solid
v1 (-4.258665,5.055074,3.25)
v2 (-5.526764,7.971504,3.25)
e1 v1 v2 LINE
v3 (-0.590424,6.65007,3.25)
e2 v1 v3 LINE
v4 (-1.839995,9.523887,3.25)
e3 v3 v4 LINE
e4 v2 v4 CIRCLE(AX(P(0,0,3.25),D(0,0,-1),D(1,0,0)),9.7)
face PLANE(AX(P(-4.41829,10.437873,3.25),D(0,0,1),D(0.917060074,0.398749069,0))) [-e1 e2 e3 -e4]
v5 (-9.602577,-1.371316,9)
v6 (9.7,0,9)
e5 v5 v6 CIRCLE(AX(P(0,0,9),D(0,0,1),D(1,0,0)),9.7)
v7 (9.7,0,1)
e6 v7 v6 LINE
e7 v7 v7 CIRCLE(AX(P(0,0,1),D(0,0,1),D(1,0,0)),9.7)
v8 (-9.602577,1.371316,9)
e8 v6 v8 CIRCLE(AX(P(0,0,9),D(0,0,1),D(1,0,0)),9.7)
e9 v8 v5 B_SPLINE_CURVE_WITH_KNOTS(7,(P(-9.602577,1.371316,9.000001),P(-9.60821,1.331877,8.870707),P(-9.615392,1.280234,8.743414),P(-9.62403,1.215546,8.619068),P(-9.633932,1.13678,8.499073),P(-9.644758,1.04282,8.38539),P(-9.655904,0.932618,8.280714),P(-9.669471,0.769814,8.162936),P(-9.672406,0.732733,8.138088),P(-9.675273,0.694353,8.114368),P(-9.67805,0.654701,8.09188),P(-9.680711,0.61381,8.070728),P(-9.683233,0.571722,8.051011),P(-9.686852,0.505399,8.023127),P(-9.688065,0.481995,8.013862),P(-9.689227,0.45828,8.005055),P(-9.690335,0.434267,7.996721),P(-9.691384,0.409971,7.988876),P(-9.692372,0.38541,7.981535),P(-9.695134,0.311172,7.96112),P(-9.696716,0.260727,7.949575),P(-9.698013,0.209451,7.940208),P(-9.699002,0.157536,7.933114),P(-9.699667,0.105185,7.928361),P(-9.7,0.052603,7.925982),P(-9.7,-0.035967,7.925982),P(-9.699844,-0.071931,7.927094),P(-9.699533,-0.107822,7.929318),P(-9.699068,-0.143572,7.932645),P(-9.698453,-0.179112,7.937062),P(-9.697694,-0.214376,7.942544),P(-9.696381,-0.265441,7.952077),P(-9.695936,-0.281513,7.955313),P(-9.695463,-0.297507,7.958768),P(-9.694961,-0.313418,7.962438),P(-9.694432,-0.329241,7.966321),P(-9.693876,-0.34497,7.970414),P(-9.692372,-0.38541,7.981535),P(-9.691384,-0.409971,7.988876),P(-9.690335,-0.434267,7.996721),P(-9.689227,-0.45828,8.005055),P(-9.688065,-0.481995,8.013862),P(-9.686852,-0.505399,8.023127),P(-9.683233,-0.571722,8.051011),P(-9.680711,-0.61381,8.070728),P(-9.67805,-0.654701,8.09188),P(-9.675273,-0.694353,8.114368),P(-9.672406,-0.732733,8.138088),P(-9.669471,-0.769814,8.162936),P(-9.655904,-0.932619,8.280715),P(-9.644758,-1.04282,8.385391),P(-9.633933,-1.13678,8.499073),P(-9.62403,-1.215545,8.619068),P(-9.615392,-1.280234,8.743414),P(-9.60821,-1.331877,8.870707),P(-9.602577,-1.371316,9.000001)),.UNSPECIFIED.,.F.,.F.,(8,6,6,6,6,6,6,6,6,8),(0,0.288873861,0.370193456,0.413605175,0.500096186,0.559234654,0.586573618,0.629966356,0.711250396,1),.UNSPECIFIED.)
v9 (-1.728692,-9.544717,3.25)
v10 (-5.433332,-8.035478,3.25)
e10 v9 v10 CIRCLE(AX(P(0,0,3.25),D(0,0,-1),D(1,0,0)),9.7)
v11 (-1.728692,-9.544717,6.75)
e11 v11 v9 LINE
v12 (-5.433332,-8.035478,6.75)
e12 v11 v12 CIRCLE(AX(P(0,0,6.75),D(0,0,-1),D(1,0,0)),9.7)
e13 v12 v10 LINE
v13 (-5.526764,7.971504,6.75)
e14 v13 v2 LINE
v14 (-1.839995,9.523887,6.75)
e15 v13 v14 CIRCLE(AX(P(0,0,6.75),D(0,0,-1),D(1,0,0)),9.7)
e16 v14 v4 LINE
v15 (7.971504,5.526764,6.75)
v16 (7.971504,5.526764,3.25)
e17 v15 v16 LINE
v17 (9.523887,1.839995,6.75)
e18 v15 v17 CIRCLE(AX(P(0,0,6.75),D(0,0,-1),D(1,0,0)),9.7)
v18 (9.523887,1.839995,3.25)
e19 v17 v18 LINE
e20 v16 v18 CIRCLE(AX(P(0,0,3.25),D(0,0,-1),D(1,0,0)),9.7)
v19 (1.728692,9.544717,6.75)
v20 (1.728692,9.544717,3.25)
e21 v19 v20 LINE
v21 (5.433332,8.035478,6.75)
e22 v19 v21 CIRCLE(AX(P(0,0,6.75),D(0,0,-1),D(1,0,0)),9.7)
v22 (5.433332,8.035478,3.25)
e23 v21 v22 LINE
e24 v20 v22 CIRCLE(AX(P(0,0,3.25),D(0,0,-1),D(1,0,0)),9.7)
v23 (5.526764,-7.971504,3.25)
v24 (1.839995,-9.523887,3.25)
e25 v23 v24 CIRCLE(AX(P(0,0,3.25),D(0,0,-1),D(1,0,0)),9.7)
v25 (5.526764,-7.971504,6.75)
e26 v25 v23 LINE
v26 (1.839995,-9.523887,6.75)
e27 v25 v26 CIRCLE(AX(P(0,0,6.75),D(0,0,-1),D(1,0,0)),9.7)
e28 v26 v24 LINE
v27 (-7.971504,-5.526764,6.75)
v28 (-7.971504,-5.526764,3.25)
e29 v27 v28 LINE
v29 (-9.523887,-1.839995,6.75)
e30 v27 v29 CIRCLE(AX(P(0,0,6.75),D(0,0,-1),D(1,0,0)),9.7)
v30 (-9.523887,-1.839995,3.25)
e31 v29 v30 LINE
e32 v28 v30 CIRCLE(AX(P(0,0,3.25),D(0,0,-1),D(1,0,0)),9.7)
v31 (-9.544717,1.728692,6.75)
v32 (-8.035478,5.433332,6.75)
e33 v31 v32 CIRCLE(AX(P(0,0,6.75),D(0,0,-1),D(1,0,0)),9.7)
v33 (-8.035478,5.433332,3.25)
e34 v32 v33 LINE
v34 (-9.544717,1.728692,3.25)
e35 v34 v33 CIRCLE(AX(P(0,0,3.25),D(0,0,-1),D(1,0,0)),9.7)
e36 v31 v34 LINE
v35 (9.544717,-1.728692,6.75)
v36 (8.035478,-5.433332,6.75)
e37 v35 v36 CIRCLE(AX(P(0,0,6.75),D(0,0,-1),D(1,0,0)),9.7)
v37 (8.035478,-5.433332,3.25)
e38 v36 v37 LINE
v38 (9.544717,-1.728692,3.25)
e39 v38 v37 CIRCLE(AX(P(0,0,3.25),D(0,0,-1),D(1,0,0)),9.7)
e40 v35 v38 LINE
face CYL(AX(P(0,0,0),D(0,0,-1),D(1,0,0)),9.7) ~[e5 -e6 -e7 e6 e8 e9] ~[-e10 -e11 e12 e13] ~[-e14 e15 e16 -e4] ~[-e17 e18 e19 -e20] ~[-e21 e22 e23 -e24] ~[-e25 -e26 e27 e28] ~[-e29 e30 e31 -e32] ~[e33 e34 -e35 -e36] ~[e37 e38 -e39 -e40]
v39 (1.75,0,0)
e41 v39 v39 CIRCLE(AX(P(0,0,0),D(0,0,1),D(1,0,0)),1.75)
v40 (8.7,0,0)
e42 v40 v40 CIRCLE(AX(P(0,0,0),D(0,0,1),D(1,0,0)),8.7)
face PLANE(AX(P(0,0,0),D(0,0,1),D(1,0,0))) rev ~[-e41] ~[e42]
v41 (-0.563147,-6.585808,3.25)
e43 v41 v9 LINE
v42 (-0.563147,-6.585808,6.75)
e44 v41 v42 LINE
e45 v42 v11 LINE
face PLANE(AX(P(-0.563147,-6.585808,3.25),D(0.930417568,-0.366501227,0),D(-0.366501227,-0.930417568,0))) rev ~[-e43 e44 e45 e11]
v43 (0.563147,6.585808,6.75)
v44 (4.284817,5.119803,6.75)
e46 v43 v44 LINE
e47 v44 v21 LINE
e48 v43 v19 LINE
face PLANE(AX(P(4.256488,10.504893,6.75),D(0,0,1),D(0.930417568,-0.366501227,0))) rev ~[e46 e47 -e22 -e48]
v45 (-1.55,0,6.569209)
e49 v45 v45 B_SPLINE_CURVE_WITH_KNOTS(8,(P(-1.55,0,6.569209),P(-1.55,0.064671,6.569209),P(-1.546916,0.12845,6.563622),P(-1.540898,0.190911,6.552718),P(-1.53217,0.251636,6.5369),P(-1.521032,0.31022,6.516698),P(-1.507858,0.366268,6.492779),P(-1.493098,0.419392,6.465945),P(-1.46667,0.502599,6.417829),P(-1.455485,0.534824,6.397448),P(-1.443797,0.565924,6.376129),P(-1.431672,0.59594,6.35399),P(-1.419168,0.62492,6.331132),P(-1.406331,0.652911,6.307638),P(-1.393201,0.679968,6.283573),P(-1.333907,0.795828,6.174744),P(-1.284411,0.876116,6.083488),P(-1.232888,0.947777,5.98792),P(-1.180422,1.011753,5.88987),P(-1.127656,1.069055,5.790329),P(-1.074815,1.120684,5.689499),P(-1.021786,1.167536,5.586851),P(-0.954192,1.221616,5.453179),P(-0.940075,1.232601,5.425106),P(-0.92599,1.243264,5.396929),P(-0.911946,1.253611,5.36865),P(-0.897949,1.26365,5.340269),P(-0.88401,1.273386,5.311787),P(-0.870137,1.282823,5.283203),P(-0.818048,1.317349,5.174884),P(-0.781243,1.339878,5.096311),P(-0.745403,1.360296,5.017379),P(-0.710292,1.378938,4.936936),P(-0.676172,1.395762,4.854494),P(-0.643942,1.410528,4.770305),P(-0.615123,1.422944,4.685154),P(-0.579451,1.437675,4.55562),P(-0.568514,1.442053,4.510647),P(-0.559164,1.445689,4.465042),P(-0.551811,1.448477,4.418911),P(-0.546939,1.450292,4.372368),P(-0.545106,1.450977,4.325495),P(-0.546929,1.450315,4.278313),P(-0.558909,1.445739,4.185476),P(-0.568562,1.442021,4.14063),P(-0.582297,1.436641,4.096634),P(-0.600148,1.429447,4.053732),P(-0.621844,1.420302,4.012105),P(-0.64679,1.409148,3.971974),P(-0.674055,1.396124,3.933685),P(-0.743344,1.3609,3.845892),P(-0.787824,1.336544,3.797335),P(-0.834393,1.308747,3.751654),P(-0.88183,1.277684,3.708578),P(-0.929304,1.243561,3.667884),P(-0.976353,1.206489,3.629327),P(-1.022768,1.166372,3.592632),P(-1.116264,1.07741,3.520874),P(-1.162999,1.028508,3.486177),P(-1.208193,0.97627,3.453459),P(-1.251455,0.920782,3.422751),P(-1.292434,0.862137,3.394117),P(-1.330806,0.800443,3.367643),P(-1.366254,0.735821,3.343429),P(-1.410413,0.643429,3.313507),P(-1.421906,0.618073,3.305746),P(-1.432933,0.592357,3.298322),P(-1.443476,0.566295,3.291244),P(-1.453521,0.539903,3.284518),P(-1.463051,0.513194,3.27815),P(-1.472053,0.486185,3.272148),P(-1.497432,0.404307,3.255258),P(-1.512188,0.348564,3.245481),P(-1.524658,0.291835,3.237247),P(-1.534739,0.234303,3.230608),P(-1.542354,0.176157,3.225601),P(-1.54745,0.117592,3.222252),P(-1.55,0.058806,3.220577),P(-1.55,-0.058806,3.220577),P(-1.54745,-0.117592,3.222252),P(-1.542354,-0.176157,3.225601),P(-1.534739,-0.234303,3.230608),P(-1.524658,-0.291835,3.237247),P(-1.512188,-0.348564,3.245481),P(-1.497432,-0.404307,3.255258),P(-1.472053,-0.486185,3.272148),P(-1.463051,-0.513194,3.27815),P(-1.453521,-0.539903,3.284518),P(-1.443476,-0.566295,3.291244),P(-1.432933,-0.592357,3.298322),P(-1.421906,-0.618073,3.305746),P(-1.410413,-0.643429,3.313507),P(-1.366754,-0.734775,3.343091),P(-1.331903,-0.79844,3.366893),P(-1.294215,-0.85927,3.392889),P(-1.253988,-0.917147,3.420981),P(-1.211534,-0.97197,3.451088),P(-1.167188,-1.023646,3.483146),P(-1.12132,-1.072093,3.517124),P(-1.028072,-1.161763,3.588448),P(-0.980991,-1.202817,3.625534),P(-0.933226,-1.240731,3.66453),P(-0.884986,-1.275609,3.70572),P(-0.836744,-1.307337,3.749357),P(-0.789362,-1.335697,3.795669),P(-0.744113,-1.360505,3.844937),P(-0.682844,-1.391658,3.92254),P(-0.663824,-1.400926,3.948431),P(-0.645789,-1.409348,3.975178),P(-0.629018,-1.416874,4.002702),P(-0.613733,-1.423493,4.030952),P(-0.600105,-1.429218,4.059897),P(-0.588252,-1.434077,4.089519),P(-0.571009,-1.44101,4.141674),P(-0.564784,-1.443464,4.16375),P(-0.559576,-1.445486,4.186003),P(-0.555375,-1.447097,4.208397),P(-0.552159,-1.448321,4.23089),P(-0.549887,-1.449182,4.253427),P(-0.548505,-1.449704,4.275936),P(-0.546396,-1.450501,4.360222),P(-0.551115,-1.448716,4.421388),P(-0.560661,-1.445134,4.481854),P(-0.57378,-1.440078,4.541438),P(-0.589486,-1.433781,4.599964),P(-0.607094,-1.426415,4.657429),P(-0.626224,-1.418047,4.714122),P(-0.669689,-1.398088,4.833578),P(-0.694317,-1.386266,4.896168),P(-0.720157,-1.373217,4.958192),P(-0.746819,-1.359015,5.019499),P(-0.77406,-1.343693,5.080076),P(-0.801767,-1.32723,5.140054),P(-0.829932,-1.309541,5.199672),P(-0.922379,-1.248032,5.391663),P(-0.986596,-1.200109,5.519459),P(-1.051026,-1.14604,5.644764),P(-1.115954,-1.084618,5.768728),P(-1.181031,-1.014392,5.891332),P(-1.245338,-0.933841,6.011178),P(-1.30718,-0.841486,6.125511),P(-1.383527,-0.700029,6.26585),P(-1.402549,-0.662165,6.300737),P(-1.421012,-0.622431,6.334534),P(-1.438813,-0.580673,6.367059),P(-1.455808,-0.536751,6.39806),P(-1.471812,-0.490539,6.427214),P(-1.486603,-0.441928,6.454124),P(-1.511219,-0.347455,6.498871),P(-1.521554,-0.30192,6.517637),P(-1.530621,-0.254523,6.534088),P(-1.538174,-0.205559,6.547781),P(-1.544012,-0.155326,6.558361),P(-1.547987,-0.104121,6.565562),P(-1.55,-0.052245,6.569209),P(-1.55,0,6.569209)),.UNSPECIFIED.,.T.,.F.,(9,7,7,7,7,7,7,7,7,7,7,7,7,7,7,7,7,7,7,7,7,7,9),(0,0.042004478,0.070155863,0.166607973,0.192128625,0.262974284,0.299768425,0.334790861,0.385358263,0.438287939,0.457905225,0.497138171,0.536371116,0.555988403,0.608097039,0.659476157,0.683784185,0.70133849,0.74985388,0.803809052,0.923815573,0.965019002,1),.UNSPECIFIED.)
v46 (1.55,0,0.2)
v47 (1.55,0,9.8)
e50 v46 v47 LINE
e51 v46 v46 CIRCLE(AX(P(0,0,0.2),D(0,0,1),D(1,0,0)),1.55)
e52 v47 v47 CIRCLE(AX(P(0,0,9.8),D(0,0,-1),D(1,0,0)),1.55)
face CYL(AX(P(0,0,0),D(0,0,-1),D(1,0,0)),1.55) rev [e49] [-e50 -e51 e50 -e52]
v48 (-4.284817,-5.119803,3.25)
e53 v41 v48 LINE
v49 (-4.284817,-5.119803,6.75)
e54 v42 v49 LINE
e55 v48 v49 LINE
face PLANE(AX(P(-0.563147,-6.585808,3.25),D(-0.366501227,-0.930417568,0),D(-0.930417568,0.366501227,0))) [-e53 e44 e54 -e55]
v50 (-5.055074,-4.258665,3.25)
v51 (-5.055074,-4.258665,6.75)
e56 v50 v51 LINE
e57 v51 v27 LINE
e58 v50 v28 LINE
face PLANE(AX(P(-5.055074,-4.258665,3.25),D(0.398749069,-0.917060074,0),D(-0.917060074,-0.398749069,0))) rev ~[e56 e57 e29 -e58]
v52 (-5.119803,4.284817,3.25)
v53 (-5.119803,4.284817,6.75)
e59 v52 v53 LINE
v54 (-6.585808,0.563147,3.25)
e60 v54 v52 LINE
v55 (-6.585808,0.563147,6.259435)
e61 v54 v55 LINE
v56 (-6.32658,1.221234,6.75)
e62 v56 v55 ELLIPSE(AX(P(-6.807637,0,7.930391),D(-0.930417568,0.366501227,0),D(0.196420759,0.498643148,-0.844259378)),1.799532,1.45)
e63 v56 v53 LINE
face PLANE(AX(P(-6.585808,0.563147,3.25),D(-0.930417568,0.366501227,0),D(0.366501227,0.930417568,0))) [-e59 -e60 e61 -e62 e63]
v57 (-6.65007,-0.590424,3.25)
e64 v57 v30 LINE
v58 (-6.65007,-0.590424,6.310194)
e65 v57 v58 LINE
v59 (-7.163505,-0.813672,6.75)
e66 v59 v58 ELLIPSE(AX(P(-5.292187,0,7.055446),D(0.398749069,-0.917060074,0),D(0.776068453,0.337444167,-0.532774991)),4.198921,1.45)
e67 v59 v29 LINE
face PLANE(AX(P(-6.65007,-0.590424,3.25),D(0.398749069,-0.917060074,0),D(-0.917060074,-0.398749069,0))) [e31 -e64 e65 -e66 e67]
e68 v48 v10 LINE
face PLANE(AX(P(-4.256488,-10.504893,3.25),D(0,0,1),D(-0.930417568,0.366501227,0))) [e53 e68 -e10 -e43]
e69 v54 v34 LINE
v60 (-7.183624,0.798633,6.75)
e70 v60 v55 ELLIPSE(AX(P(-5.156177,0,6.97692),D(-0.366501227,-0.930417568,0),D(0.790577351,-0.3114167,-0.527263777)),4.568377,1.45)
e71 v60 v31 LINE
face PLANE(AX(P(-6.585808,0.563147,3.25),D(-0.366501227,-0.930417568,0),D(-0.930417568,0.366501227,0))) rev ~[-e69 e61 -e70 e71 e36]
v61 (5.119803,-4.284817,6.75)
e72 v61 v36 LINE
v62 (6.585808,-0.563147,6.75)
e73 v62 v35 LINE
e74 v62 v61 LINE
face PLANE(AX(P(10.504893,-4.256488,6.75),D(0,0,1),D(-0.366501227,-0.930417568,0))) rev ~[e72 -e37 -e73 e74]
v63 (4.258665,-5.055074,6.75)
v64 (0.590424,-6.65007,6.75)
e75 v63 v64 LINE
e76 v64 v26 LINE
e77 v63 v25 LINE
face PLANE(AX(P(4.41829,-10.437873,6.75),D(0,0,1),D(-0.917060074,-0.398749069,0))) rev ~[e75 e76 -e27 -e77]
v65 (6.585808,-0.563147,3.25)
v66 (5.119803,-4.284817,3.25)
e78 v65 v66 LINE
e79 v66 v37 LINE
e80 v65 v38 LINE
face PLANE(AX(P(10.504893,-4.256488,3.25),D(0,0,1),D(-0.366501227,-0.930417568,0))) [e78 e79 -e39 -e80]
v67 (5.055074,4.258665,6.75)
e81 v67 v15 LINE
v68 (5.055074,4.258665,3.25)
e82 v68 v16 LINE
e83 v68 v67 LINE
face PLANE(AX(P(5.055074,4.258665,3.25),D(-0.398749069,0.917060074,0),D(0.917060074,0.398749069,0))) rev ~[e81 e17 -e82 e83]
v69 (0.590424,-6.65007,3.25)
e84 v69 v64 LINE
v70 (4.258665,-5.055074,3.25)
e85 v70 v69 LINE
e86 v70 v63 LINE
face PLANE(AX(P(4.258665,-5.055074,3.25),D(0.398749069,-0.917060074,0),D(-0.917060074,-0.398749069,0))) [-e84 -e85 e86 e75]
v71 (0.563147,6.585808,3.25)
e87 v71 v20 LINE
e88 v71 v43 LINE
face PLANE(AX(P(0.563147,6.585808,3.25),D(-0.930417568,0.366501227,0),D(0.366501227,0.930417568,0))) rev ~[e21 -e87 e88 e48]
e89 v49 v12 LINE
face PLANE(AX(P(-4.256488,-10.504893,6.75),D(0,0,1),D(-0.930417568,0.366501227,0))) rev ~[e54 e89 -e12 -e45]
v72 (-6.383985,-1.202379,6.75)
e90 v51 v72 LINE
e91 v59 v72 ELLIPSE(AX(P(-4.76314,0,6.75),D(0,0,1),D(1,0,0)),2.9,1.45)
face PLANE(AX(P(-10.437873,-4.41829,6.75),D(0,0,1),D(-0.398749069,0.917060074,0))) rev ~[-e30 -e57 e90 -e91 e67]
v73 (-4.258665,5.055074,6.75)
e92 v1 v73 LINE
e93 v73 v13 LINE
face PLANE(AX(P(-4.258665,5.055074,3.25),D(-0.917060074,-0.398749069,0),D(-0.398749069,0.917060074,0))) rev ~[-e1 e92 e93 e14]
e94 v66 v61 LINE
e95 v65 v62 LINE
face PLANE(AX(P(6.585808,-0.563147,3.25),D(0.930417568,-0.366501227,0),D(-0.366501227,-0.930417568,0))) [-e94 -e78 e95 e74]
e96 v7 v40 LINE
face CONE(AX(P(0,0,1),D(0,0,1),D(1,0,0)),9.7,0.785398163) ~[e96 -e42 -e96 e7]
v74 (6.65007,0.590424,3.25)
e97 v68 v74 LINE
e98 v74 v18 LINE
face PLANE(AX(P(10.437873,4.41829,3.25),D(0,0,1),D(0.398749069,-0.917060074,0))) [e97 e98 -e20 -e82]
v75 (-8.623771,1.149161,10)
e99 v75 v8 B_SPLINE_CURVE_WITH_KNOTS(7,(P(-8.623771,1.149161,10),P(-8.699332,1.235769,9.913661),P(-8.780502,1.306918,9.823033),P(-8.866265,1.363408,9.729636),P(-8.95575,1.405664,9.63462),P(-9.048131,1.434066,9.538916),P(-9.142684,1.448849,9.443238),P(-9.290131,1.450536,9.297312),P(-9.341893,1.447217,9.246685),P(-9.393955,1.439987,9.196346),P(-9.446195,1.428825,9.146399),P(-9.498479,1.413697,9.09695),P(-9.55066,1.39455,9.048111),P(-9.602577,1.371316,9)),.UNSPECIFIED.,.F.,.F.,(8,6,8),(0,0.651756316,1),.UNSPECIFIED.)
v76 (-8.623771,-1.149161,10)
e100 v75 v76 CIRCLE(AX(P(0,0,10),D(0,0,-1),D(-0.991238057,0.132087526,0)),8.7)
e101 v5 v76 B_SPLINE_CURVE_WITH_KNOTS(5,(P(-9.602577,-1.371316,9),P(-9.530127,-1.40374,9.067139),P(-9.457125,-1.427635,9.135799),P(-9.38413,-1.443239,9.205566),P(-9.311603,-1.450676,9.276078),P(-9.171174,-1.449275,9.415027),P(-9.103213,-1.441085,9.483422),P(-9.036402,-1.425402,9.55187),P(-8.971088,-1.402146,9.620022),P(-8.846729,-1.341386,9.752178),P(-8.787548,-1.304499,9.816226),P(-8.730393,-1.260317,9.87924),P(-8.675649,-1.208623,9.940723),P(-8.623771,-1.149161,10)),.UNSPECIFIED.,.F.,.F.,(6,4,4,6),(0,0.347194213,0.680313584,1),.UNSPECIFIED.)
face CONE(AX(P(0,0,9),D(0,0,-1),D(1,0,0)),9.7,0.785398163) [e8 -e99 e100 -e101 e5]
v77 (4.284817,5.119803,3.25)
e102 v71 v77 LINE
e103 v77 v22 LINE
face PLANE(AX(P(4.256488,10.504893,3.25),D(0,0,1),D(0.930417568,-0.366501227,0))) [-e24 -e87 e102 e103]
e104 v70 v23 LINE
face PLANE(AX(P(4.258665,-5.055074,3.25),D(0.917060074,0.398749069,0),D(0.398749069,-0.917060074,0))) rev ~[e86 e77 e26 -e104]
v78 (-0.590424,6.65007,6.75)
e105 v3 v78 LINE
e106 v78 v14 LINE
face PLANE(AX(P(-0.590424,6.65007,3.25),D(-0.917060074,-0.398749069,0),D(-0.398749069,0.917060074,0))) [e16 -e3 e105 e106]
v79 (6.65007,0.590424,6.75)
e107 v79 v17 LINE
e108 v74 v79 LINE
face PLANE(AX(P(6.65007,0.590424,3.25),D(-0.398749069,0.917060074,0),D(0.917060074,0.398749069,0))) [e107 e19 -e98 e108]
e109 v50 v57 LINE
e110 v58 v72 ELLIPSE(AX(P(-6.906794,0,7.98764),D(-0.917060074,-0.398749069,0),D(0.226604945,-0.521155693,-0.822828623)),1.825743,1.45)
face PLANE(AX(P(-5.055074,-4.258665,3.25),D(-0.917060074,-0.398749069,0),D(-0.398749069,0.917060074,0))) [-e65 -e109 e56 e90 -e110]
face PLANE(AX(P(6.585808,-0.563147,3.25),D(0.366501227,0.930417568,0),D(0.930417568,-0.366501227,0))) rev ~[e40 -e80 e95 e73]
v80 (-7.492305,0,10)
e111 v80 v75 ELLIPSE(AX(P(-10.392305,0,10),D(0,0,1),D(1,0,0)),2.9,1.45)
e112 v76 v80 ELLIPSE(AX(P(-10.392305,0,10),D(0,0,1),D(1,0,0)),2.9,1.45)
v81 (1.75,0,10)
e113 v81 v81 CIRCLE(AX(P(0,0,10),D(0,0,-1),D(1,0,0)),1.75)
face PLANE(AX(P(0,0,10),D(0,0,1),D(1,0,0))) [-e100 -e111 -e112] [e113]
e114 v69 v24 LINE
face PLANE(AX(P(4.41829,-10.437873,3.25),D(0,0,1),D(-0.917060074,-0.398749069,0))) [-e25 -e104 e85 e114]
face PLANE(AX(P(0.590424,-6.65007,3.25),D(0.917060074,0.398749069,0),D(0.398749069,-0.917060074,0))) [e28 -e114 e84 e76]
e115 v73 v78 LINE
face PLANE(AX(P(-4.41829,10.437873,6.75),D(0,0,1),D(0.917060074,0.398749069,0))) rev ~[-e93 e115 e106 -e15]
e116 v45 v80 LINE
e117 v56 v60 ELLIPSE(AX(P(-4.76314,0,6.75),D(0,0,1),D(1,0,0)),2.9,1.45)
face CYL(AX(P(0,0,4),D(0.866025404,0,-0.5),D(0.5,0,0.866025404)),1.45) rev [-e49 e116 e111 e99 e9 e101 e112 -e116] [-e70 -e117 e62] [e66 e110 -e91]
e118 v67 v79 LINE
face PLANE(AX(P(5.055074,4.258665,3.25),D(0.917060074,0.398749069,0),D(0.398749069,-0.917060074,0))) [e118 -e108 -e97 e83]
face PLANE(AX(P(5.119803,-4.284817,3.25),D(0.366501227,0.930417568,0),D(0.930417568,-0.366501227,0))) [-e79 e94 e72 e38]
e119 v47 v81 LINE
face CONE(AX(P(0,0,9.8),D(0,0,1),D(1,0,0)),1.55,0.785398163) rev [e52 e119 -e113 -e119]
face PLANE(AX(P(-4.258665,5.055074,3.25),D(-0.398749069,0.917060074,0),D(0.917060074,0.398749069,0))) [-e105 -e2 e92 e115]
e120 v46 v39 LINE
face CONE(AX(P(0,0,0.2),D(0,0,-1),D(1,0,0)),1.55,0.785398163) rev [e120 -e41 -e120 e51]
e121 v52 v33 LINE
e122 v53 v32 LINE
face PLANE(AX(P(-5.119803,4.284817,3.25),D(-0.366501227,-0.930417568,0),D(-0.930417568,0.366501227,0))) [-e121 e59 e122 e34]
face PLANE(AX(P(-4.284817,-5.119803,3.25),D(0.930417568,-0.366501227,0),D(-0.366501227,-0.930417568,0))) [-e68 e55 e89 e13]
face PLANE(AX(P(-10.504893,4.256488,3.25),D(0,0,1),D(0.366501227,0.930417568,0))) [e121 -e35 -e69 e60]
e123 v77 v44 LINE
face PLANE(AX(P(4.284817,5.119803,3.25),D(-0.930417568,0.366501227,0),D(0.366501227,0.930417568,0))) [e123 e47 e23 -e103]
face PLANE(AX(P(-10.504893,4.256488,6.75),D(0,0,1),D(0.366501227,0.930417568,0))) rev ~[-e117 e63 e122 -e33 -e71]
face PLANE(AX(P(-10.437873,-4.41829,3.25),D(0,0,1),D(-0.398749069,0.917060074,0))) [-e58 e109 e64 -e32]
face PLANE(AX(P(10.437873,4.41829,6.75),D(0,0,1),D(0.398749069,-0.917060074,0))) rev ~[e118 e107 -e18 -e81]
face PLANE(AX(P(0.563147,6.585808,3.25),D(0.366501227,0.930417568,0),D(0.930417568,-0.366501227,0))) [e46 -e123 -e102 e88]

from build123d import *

# Parameters (mm, degrees)
BOX001_W                = 4
BOX001_H                = 10
BOX001_DEPTH            = 3.5
BOX001_PLACEMENT_ANGLE  = 1
ARRAY_COUNT             = 8
ARRAY_PLACEMENT_ANGLE   = 22.5
CYLINDER004_R           = 1.45
CYLINDER004_DEPTH       = 50
CYLINDER004_PITCH_ANGLE = -60
CYLINDER002_R           = 1.55
CYLINDER002_DEPTH       = 20
CYLINDER_R              = 9.7
CYLINDER_DEPTH          = 10
CHAMFER_SIZE            = 1
CHAMFER001_SIZE         = 0.2


with BuildPart() as array:
    # Box001 → Box001 (new body)
    with BuildSketch(Plane.XY):
        with Locations((2, 5)):
            Rectangle(BOX001_W, BOX001_H)
    extrude(amount=BOX001_DEPTH)


with BuildPart() as array_1:
    # Box001 placement: moved
    add(array.part.moved(Location((-2, 6.3, 3.25))).rotate(Axis((-2, 6.3, 3.25), (0, 0, 1)), BOX001_PLACEMENT_ANGLE))

    # Array: Array ×8 about axis
    array_axis = Axis((0, 0, 0), (0, 0, 1))


with BuildPart() as array_2:
    add(array_1.part)
    for i in range(1, ARRAY_COUNT):
        add(array_1.part.rotate(array_axis, i * 360 / ARRAY_COUNT))


with BuildPart() as array_3:
    # Array placement: moved
    add(array_2.part.rotate(Axis((0, 0, 0), (0, 0, 1)), ARRAY_PLACEMENT_ANGLE))


with BuildPart() as tornillo:
    # Cylinder004 → Cylinder004 (new body)
    with BuildSketch(Plane.XY):
        Circle(CYLINDER004_R)
    extrude(amount=CYLINDER004_DEPTH)


with BuildPart() as tornillo_1:
    # Cylinder004 pitch: moved
    add(tornillo.part.rotate(Axis((0, 0, 0), (0, 1, 0)), CYLINDER004_PITCH_ANGLE))


with BuildPart() as tornillo_2:
    # Cylinder004 placement: moved
    add(tornillo_1.part.moved(Location((0, 0, 4))))


with BuildPart() as fusion:
    # Cylinder002 → Cylinder002 (new body)
    with BuildSketch(Plane.XY):
        Circle(CYLINDER002_R)
    extrude(amount=CYLINDER002_DEPTH)

    # Fusion: union Array, tornillo
    add(array_3.part)
    add(tornillo_2.part)


with BuildPart() as chamfer001:
    # Cylinder → Cylinder (new body)
    with BuildSketch(Plane.XY):
        Circle(CYLINDER_R)
    extrude(amount=CYLINDER_DEPTH)

    # Chamfer
    chamfer_edges = [chamfer001.edges().sort_by_distance(p)[0] for p in [
        (-9.7, 0, 10),
        (-9.7, 0, 0),
    ]]
    chamfer(chamfer_edges, length=CHAMFER_SIZE)

    # Cut: cut Fusion
    add(fusion.part, mode=Mode.SUBTRACT)

    # Chamfer001
    chamfer001_edges = [chamfer001.edges().sort_by_distance(p)[0] for p in [
        (-1.55, 0, 0),
        (-1.55, 0, 10),
    ]]
    chamfer(chamfer001_edges, length=CHAMFER001_SIZE)


solid = chamfer001.part
